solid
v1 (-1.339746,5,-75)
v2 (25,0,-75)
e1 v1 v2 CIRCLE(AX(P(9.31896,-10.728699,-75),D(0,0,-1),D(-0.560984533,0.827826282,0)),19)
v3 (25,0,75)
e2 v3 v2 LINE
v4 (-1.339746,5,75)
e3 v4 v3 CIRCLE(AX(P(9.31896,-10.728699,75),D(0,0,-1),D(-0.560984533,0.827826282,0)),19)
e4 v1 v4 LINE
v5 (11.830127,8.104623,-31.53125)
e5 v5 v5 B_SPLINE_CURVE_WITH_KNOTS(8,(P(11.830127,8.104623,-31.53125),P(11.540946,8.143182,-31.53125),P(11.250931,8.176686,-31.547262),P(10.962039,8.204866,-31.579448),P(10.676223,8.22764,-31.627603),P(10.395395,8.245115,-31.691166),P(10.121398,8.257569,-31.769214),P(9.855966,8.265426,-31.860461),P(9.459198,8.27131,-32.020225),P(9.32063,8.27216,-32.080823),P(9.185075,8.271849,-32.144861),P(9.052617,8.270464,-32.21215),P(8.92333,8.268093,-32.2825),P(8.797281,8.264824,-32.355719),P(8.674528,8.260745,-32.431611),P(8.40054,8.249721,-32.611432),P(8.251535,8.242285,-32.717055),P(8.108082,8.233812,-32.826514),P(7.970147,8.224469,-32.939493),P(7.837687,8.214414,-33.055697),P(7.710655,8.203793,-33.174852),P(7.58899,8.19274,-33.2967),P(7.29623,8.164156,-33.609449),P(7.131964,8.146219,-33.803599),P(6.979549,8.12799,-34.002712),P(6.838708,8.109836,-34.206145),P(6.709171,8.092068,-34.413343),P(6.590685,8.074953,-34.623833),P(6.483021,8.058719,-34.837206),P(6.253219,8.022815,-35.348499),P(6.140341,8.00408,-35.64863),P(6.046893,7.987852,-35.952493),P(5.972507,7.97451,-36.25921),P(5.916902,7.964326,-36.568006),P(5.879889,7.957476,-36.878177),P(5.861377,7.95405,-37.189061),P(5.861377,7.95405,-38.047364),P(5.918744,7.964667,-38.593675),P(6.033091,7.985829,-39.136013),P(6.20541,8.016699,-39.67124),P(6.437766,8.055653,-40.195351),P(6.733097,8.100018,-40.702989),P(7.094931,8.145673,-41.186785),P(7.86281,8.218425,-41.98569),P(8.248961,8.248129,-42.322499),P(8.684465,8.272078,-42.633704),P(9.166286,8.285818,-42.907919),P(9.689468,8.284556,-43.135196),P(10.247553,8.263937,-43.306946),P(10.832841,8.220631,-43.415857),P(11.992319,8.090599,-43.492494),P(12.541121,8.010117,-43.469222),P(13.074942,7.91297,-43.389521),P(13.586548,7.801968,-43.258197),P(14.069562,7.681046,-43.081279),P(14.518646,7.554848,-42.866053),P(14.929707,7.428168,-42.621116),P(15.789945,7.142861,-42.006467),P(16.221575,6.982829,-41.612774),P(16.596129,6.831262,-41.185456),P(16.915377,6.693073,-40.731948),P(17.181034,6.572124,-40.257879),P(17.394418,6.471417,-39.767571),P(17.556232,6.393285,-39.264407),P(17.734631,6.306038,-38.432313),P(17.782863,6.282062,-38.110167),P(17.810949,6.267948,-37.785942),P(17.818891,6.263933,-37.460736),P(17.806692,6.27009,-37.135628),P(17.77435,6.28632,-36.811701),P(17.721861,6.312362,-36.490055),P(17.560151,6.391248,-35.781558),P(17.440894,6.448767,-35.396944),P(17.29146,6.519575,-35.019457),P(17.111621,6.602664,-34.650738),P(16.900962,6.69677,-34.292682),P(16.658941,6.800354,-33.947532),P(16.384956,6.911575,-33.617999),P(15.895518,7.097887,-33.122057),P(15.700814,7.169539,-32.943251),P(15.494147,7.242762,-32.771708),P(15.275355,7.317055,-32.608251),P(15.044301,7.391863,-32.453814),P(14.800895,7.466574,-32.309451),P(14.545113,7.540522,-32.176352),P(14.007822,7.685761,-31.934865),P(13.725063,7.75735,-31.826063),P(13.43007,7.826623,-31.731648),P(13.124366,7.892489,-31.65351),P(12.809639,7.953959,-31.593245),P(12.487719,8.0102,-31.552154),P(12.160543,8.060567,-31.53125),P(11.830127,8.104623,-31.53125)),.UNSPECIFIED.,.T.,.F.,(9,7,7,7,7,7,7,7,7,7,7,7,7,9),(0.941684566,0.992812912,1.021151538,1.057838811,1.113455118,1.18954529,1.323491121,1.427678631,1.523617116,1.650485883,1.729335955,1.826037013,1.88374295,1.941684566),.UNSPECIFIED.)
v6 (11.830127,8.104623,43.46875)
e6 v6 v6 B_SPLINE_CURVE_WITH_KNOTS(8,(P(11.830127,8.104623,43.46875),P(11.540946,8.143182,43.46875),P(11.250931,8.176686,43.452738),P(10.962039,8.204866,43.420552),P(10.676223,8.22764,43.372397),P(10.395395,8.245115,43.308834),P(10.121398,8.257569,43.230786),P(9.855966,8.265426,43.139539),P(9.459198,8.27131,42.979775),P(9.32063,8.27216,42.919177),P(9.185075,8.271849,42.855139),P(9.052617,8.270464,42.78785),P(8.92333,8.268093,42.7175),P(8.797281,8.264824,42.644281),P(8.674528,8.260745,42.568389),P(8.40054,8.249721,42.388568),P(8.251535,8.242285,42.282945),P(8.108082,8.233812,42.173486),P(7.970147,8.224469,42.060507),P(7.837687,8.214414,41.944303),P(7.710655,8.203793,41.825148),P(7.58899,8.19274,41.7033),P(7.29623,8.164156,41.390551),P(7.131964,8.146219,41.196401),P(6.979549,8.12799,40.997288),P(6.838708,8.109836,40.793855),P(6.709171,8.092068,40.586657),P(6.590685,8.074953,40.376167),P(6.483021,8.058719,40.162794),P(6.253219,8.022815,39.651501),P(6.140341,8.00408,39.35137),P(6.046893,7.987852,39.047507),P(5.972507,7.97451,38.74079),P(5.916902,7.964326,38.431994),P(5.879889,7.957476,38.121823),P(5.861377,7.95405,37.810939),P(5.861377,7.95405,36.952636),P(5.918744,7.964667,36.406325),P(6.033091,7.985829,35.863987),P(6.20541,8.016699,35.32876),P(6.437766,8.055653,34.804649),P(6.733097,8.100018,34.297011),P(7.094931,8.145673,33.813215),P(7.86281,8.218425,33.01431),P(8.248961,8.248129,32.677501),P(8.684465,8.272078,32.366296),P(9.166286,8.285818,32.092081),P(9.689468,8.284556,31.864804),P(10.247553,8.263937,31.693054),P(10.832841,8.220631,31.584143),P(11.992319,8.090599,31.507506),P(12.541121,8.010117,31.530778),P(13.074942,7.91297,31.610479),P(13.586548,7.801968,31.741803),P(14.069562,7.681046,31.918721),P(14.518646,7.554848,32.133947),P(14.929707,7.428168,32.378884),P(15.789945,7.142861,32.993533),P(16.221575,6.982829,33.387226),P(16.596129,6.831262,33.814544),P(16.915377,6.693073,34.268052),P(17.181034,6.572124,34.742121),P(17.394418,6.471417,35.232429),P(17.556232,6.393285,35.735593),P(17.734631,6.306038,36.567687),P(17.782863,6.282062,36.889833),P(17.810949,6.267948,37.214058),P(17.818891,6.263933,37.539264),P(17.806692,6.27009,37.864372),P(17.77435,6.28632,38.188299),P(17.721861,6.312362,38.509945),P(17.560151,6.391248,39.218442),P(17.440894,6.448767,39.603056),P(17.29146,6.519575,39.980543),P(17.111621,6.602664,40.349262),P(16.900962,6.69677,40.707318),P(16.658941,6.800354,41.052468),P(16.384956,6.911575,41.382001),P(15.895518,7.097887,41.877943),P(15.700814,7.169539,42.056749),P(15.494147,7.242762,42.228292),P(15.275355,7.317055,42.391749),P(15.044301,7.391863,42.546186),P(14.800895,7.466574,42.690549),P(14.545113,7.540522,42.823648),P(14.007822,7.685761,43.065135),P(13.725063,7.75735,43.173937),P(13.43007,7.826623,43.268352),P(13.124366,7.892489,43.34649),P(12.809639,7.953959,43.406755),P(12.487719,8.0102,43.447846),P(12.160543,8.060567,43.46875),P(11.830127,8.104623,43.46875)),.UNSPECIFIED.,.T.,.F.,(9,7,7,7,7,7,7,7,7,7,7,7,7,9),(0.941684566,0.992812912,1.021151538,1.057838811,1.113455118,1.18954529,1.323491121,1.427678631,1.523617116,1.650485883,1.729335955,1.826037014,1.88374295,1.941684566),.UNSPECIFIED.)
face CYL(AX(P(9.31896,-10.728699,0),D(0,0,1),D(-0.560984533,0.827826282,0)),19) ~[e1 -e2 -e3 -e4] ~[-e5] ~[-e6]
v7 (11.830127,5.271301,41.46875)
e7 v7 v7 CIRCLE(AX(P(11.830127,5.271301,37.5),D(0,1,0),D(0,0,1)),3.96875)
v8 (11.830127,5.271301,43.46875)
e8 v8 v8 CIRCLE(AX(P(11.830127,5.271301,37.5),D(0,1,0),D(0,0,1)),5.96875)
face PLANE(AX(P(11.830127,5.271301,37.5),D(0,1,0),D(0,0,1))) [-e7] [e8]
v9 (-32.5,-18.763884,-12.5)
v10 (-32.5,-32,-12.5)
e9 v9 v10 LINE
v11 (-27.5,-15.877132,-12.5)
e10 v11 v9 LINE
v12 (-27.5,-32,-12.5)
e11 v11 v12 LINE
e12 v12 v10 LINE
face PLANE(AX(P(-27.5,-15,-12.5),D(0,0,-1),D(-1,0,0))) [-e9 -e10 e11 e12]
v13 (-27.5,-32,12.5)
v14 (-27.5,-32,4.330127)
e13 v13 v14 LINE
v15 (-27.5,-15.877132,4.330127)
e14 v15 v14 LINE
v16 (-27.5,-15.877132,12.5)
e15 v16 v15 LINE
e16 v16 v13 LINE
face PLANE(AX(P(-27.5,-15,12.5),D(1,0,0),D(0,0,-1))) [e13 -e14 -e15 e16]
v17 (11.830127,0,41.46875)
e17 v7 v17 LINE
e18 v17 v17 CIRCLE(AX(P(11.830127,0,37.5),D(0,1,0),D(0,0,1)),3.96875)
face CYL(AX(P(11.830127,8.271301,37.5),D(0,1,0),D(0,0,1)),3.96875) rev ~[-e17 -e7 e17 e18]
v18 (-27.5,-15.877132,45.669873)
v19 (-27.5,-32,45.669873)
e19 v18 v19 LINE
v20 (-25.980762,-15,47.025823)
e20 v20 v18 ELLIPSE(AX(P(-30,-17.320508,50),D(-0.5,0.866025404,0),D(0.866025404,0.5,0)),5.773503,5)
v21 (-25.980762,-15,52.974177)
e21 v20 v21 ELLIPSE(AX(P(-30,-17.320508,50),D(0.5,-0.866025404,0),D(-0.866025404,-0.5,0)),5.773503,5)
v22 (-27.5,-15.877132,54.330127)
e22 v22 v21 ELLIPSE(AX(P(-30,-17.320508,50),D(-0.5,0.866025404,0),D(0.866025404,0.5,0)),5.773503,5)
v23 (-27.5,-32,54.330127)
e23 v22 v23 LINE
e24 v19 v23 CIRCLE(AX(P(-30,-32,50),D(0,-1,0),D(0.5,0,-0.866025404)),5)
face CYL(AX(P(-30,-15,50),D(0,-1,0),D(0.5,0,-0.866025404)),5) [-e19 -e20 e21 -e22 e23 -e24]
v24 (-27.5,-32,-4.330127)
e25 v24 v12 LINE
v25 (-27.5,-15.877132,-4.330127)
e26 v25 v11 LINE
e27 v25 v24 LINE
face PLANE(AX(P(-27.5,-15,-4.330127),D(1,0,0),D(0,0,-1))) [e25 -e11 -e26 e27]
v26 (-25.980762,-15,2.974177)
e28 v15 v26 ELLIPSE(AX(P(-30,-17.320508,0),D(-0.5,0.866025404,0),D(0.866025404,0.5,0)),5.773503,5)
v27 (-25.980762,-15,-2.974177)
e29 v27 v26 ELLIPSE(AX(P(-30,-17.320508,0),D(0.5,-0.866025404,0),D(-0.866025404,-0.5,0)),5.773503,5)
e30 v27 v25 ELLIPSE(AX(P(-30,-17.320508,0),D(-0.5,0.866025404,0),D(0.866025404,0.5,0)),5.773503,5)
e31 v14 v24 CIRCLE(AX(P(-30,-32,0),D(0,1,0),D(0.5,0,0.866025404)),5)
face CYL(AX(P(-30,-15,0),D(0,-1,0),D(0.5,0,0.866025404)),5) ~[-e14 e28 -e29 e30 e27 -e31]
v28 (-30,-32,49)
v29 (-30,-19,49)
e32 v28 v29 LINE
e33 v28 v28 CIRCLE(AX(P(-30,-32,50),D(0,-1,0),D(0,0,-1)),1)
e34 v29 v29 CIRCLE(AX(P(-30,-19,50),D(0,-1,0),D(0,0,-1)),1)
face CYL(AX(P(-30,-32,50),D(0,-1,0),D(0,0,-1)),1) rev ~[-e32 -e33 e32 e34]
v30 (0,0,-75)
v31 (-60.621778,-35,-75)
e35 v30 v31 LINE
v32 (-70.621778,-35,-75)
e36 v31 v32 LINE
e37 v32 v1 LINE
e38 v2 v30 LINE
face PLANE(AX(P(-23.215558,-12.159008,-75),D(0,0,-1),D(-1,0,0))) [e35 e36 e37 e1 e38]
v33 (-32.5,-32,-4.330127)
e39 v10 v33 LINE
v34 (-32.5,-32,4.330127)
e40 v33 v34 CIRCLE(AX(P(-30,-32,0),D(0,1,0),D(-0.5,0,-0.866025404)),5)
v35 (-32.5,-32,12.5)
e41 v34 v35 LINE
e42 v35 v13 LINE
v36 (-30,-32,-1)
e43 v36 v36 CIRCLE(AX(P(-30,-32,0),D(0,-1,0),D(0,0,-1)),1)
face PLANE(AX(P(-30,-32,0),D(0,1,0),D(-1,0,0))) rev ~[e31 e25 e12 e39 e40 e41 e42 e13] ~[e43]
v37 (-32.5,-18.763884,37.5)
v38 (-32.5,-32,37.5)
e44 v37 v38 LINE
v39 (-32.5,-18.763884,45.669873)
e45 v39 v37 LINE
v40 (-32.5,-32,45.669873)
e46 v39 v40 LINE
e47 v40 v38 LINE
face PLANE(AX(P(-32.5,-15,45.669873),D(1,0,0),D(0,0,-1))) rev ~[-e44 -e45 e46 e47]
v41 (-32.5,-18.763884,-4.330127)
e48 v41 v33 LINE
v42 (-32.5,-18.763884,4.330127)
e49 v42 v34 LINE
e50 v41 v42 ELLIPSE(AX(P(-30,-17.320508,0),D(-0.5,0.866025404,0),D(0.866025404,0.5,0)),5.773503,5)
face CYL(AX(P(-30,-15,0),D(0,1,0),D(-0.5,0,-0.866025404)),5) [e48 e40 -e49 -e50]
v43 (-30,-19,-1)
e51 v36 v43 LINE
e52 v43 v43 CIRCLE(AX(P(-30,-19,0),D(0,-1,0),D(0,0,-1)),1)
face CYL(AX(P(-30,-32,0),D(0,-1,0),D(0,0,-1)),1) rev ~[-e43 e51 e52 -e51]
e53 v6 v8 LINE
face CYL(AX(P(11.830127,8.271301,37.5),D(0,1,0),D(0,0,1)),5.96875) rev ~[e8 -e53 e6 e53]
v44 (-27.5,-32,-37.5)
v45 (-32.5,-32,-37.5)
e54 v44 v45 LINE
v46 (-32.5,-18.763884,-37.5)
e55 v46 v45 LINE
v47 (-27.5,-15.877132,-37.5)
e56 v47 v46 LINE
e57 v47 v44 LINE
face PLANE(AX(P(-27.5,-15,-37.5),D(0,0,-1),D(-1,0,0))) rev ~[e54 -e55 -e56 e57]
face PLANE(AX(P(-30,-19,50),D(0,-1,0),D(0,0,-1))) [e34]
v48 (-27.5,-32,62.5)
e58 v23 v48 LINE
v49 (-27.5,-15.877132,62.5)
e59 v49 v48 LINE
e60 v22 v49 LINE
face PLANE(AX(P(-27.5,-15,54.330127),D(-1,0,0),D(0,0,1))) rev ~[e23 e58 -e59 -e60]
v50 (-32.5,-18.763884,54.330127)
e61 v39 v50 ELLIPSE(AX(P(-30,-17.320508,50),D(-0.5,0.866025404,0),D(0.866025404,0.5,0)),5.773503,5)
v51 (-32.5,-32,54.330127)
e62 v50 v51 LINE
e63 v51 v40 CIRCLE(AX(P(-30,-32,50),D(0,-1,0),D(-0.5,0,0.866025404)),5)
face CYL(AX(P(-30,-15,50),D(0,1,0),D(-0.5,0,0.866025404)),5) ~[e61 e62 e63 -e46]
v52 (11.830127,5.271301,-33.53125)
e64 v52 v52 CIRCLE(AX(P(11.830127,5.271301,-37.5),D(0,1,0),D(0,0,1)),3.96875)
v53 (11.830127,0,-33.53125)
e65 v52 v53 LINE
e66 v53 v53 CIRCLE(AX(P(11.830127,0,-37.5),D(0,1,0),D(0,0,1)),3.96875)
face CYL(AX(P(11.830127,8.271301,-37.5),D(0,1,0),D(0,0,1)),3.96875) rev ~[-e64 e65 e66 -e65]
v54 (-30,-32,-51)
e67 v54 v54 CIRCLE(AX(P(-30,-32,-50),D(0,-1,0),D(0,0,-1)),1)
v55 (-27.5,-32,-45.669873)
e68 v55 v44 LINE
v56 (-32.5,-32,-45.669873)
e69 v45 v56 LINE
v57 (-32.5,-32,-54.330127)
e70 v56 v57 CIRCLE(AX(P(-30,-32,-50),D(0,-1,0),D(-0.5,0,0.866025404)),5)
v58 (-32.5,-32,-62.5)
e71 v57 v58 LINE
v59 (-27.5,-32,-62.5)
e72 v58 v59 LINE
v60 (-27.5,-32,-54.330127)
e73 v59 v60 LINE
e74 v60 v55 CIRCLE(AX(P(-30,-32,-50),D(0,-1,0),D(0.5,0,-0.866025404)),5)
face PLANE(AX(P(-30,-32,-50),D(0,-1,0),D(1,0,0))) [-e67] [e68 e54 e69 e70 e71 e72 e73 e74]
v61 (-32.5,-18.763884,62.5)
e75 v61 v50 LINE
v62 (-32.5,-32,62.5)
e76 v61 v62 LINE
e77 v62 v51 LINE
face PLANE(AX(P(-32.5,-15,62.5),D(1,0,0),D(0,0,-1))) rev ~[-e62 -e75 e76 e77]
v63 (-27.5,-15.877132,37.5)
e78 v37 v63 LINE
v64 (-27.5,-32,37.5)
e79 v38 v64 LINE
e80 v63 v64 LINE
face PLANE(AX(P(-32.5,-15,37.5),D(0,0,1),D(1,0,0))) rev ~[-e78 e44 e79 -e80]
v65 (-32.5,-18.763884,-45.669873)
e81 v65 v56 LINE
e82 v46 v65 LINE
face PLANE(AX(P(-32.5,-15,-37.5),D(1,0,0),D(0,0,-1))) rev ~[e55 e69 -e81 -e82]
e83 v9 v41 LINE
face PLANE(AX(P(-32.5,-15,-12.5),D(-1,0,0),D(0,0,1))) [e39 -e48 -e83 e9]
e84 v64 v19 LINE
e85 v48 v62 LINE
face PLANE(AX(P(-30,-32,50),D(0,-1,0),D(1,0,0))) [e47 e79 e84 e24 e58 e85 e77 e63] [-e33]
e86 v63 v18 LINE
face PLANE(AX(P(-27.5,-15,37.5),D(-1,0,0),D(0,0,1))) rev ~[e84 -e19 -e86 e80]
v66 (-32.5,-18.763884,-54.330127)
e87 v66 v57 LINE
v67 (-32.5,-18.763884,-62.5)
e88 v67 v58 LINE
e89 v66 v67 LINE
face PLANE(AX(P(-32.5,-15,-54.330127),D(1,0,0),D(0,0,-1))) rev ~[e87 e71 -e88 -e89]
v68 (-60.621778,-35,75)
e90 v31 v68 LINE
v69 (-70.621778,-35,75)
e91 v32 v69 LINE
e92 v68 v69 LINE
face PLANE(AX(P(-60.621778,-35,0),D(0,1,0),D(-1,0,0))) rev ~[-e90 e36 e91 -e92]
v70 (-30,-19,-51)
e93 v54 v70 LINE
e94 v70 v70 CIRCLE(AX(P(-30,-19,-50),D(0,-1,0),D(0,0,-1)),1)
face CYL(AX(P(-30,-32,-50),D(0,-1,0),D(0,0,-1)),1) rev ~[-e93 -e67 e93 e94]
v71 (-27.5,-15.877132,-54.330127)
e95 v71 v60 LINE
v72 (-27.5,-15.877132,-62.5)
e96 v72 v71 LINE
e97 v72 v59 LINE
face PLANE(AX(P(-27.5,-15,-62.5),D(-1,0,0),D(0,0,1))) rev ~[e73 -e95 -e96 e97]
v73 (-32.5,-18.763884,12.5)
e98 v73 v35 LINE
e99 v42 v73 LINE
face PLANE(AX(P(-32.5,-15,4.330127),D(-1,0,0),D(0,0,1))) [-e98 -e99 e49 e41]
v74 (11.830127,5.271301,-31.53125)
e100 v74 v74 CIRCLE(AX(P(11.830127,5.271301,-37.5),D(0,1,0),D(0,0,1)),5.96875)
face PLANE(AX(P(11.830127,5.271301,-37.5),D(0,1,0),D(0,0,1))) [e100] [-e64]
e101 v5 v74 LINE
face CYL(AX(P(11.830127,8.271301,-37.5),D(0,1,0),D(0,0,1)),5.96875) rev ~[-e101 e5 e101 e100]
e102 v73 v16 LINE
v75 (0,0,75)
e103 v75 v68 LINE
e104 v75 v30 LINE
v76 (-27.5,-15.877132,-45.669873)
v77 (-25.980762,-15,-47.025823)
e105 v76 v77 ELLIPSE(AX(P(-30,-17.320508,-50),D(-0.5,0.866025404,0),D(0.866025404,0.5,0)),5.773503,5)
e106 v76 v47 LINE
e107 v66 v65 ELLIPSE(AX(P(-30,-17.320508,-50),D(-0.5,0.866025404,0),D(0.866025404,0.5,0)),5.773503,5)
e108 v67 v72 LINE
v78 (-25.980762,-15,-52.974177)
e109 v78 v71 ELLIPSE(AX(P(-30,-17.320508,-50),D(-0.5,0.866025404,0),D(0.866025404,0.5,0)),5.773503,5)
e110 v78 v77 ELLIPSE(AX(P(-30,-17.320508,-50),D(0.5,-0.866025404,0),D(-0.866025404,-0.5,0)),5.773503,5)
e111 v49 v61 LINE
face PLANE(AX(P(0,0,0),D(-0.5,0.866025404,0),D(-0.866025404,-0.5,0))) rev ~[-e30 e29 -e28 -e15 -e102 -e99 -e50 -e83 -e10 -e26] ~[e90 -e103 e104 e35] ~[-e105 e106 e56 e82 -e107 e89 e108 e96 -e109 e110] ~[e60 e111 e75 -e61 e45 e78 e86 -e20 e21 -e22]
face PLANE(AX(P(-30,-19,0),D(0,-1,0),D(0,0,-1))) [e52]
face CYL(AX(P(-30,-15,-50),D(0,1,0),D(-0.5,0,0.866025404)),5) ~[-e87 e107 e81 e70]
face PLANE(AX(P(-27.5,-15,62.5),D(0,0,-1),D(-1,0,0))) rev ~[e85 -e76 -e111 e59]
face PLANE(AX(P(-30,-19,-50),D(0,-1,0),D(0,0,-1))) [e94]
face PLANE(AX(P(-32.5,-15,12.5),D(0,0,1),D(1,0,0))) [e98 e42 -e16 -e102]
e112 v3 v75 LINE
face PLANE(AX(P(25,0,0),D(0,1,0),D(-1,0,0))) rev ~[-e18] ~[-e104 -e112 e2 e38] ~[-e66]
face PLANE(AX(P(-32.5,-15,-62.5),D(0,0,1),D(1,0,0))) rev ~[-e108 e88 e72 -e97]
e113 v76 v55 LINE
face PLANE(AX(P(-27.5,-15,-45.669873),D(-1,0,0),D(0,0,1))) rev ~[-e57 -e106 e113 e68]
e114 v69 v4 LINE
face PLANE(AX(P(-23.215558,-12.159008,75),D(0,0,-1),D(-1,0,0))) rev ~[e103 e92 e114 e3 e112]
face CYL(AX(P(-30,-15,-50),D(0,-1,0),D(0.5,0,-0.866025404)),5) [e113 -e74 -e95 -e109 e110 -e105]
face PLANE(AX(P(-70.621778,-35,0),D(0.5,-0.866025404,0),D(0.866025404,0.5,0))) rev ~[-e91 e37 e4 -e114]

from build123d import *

# Parameters (mm, degrees)
SALIENTE_EXTRUIR2_DEPTH             = 75
SALIENTE_EXTRUIR5_DEPTH             = 17
SALIENTE_EXTRUIR5_DIRECTION_2_REACH = 107.612
CROQUIS6_R                          = 3.96875
CORTAR_EXTRUIR2_DEPTH               = 20
CROQUIS16_R                         = 5.96875
CROQUIS16_R_2                       = 3.96875
CORTAR_EXTRUIR3_DEPTH               = 3
CROQUIS17_R                         = 1
CORTAR_EXTRUIR4_DEPTH               = 13


with BuildPart() as part:
    # Croquis1 → Saliente-Extruir2 (new, symmetric)
    with BuildSketch(Plane.XY):
        with BuildLine():
            ThreePointArc((-1.339745962, 5), (12.862399029, 7.937956503), (25, 0))
            Line((25, 0), (0, 0))
            Line((0, 0), (-60.621778265, -35))
            Line((-60.621778265, -35), (-70.621778265, -35))
            Line((-70.621778265, -35), (-1.339745962, 5))
        make_face()
    extrude(amount=SALIENTE_EXTRUIR2_DEPTH, both=True)

    # Croquis3 → Saliente-Extruir5 (add)
    with BuildSketch(Plane.XZ.offset(15)):
        with BuildLine():
            Line((-32.5, 4.330127019), (-32.5, 12.5))
            Line((-32.5, 12.5), (-27.5, 12.5))
            Line((-27.5, 12.5), (-27.5, 4.330127019))
            ThreePointArc((-27.5, 4.330127019), (-25, 0), (-27.5, -4.330127019))
            Line((-27.5, -4.330127019), (-27.5, -12.5))
            Line((-27.5, -12.5), (-32.5, -12.5))
            Line((-32.5, -12.5), (-32.5, -4.330127019))
            ThreePointArc((-32.5, -4.330127019), (-35, 0), (-32.5, 4.330127019))
        make_face()
        with BuildLine():
            Line((-27.5, -45.669872981), (-27.5, -37.5))
            Line((-27.5, -37.5), (-32.5, -37.5))
            Line((-32.5, -37.5), (-32.5, -45.669872981))
            ThreePointArc((-32.5, -45.669872981), (-35, -50), (-32.5, -54.330127019))
            Line((-32.5, -54.330127019), (-32.5, -62.5))
            Line((-32.5, -62.5), (-27.5, -62.5))
            Line((-27.5, -62.5), (-27.5, -54.330127019))
            ThreePointArc((-27.5, -54.330127019), (-25, -50), (-27.5, -45.669872981))
        make_face()
        with BuildLine():
            Line((-27.5, 54.330127019), (-27.5, 62.5))
            Line((-27.5, 62.5), (-32.5, 62.5))
            Line((-32.5, 62.5), (-32.5, 54.330127019))
            ThreePointArc((-32.5, 54.330127019), (-35, 50), (-32.5, 45.669872981))
            Line((-32.5, 45.669872981), (-32.5, 37.5))
            Line((-32.5, 37.5), (-27.5, 37.5))
            Line((-27.5, 37.5), (-27.5, 45.669872981))
            ThreePointArc((-27.5, 45.669872981), (-25, 50), (-27.5, 54.330127019))
        make_face()
    extrude(amount=SALIENTE_EXTRUIR5_DEPTH)

    # Saliente-Extruir5 direction 2: up to this face of the body (flat: up to its plane)
    saliente_extruir5_direction_2_end = Plane(part.part.faces().sort_by_distance((-30.310889132, -17.5, 0))[0])
    # Croquis3 → Saliente-Extruir5 direction 2 (add, up to the picked face)
    with BuildSketch(Plane.XZ.offset(15), mode=Mode.PRIVATE) as saliente_extruir5_direction_2_sk1:
        with BuildLine():
            Line((-32.5, 4.330127019), (-32.5, 12.5))
            Line((-32.5, 12.5), (-27.5, 12.5))
            Line((-27.5, 12.5), (-27.5, 4.330127019))
            ThreePointArc((-27.5, 4.330127019), (-25, 0), (-27.5, -4.330127019))
            Line((-27.5, -4.330127019), (-27.5, -12.5))
            Line((-27.5, -12.5), (-32.5, -12.5))
            Line((-32.5, -12.5), (-32.5, -4.330127019))
            ThreePointArc((-32.5, -4.330127019), (-35, 0), (-32.5, 4.330127019))
        make_face()
    saliente_extruir5_direction_2_tool1 = split(extrude(saliente_extruir5_direction_2_sk1.sketch, amount=-SALIENTE_EXTRUIR5_DIRECTION_2_REACH, mode=Mode.PRIVATE), bisect_by=saliente_extruir5_direction_2_end, keep=Keep.BOTH, mode=Mode.PRIVATE)
    # Croquis3 → Saliente-Extruir5 direction 2 (add, up to the picked face)
    with BuildSketch(Plane.XZ.offset(15), mode=Mode.PRIVATE) as saliente_extruir5_direction_2_sk2:
        with BuildLine():
            Line((-27.5, -45.669872981), (-27.5, -37.5))
            Line((-27.5, -37.5), (-32.5, -37.5))
            Line((-32.5, -37.5), (-32.5, -45.669872981))
            ThreePointArc((-32.5, -45.669872981), (-35, -50), (-32.5, -54.330127019))
            Line((-32.5, -54.330127019), (-32.5, -62.5))
            Line((-32.5, -62.5), (-27.5, -62.5))
            Line((-27.5, -62.5), (-27.5, -54.330127019))
            ThreePointArc((-27.5, -54.330127019), (-25, -50), (-27.5, -45.669872981))
        make_face()
    saliente_extruir5_direction_2_tool2 = split(extrude(saliente_extruir5_direction_2_sk2.sketch, amount=-SALIENTE_EXTRUIR5_DIRECTION_2_REACH, mode=Mode.PRIVATE), bisect_by=saliente_extruir5_direction_2_end, keep=Keep.BOTH, mode=Mode.PRIVATE)
    # Croquis3 → Saliente-Extruir5 direction 2 (add, up to the picked face)
    with BuildSketch(Plane.XZ.offset(15), mode=Mode.PRIVATE) as saliente_extruir5_direction_2_sk3:
        with BuildLine():
            Line((-27.5, 54.330127019), (-27.5, 62.5))
            Line((-27.5, 62.5), (-32.5, 62.5))
            Line((-32.5, 62.5), (-32.5, 54.330127019))
            ThreePointArc((-32.5, 54.330127019), (-35, 50), (-32.5, 45.669872981))
            Line((-32.5, 45.669872981), (-32.5, 37.5))
            Line((-32.5, 37.5), (-27.5, 37.5))
            Line((-27.5, 37.5), (-27.5, 45.669872981))
            ThreePointArc((-27.5, 45.669872981), (-25, 50), (-27.5, 54.330127019))
        make_face()
    saliente_extruir5_direction_2_tool3 = split(extrude(saliente_extruir5_direction_2_sk3.sketch, amount=-SALIENTE_EXTRUIR5_DIRECTION_2_REACH, mode=Mode.PRIVATE), bisect_by=saliente_extruir5_direction_2_end, keep=Keep.BOTH, mode=Mode.PRIVATE)
    add(saliente_extruir5_direction_2_tool1.solids().sort_by(Axis((-30, -15, 0), (0, 1, 0)))[0])
    add(saliente_extruir5_direction_2_tool2.solids().sort_by(Axis((-30, -15, -50), (0, 1, 0)))[0])
    add(saliente_extruir5_direction_2_tool3.solids().sort_by(Axis((-30, -15, 50), (0, 1, 0)))[0])

    # Croquis6 → Cortar-Extruir2 (cut)
    with BuildSketch(Plane(origin=(0, 8.271300641, 0), x_dir=(1, 0, 0), z_dir=(0, 1, 0))):
        with Locations(Location((11.830127019, 37.5, 0), (0, 0, 270))):
            Circle(CROQUIS6_R)
        with Locations(Location((11.830127019, -37.5, 0), (0, 0, 270))):
            Circle(CROQUIS6_R)
    extrude(amount=-CORTAR_EXTRUIR2_DEPTH, mode=Mode.SUBTRACT)

    # Croquis16 → Cortar-Extruir3 (cut)
    # profile 1 of 2: a face of its own
    with BuildSketch(Plane(origin=(0, 8.271300641, 0), x_dir=(1, 0, 0), z_dir=(0, 1, 0))):
        with Locations(Location((11.830127019, 37.5, 0), (0, 0, 270))):
            Circle(CROQUIS16_R)
        with Locations(Location((11.830127019, 37.5, 0), (0, 0, 270))):
            Circle(CROQUIS16_R_2, mode=Mode.SUBTRACT)
    # profile 2 of 2: a face of its own
    with BuildSketch(Plane(origin=(0, 8.271300641, 0), x_dir=(1, 0, 0), z_dir=(0, 1, 0))):
        with Locations(Location((11.830127019, -37.5, 0), (0, 0, 270))):
            Circle(CROQUIS16_R)
        with Locations(Location((11.830127019, -37.5, 0), (0, 0, 270))):
            Circle(CROQUIS16_R_2, mode=Mode.SUBTRACT)
    extrude(amount=-CORTAR_EXTRUIR3_DEPTH, mode=Mode.SUBTRACT)

    # Croquis17 → Cortar-Extruir4 (cut)
    with BuildSketch(Plane.XZ.offset(32)):
        with Locations(Location((-30, 50, 0), (0, 0, 270))):
            Circle(CROQUIS17_R)
        with Locations(Location((-30, 0, 0), (0, 0, 270))):
            Circle(CROQUIS17_R)
        with Locations(Location((-30, -50, 0), (0, 0, 270))):
            Circle(CROQUIS17_R)
    extrude(amount=-CORTAR_EXTRUIR4_DEPTH, mode=Mode.SUBTRACT)


solid = part.part
